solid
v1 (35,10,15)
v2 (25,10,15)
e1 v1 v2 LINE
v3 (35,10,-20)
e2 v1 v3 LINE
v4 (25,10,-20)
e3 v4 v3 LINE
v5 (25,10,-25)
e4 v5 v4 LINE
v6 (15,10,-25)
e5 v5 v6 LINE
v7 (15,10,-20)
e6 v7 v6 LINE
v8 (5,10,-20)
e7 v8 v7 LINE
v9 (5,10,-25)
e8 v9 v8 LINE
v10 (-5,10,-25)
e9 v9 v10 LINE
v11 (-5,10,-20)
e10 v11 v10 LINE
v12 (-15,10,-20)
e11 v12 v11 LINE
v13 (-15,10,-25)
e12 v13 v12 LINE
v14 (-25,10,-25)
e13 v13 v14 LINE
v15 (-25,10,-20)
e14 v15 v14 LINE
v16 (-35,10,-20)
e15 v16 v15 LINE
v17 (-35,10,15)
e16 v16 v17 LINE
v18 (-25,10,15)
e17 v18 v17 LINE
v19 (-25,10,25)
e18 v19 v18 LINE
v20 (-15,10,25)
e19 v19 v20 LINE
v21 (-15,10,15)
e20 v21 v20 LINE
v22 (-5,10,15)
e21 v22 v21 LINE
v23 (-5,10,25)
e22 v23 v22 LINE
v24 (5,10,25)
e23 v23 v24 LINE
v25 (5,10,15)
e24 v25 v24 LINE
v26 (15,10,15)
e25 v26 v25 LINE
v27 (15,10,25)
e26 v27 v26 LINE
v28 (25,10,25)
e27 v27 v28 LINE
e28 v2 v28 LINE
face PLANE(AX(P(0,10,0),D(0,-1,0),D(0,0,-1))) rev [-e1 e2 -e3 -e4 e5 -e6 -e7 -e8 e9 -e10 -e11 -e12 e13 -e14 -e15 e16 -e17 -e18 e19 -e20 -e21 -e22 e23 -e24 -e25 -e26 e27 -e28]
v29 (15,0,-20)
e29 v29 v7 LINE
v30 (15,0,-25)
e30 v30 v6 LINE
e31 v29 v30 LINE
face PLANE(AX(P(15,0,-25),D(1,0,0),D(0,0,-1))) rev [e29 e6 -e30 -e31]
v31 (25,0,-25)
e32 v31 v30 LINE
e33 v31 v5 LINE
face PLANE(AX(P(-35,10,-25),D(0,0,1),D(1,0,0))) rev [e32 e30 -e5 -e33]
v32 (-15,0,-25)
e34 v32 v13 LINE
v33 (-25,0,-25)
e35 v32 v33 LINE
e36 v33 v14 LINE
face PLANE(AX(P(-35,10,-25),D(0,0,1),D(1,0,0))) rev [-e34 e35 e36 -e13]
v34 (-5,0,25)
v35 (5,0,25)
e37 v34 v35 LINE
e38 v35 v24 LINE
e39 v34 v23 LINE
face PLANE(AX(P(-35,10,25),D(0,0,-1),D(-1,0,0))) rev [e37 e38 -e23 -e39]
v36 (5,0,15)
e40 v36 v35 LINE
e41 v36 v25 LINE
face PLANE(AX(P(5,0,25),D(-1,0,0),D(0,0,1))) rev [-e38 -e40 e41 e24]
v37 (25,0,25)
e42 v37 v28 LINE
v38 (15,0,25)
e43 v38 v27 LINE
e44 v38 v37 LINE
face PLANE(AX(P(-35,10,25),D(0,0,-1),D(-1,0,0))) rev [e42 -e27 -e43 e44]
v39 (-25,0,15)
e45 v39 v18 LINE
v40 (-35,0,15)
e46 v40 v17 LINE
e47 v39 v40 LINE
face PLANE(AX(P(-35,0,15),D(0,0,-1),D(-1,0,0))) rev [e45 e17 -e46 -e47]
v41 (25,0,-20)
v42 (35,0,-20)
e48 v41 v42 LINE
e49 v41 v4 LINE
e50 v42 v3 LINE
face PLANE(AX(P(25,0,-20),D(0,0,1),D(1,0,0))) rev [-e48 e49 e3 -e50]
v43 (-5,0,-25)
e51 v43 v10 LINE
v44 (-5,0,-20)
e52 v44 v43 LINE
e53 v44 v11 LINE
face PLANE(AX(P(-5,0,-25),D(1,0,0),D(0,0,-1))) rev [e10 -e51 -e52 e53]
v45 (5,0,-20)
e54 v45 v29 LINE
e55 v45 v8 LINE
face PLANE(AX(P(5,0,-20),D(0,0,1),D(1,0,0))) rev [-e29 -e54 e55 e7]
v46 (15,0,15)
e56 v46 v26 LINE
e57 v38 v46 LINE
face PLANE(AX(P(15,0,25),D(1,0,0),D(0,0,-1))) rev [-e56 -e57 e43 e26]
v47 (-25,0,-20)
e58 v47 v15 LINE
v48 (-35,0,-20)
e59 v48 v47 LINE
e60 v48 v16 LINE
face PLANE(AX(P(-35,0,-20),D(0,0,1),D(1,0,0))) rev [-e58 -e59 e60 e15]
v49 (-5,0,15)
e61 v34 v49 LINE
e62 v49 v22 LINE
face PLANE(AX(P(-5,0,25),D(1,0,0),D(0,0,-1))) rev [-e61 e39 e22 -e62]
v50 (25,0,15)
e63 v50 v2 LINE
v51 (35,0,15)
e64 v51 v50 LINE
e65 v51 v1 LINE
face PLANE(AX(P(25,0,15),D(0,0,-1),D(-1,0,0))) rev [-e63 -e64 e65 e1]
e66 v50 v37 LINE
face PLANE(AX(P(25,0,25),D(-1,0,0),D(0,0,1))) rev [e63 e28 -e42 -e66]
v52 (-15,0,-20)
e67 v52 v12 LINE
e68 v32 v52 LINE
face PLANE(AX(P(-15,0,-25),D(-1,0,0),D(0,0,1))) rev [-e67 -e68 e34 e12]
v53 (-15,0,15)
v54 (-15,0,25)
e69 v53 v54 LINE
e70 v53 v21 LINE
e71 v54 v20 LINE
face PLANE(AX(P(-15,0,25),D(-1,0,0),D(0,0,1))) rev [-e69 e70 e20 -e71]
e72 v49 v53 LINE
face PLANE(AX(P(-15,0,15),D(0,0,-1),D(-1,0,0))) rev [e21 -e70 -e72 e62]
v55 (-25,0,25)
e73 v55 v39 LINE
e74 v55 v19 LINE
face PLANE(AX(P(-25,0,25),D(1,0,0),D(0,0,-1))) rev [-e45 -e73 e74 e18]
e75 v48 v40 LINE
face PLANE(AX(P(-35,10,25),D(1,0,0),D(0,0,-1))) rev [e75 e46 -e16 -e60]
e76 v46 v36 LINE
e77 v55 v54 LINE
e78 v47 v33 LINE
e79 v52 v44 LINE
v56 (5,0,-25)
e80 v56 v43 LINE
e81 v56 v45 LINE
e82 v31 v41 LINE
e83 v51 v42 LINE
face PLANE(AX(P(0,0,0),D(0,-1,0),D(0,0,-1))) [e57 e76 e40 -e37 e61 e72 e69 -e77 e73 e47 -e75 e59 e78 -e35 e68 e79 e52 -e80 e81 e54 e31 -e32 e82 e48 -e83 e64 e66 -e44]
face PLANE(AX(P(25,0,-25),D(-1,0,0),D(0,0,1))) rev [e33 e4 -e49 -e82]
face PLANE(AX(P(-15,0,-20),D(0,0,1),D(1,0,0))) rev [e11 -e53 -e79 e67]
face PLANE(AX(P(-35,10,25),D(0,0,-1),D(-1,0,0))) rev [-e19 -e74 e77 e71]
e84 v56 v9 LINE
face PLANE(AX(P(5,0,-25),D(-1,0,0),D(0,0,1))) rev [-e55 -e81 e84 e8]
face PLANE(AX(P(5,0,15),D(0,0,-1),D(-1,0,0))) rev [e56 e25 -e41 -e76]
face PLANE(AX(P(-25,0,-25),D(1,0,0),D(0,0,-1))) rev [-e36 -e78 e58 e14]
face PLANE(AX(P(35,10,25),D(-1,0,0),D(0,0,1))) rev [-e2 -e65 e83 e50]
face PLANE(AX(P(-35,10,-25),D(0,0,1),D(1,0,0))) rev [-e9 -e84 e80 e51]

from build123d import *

# Parameters (mm, degrees)
SKETCH1_W           = 70
SKETCH1_H           = 50
BOSS_EXTRUDE1_DEPTH = 10
SKETCH2_W           = 10
SKETCH2_H           = 5
SKETCH2_H_2         = 10
CUT_EXTRUDE1_DEPTH  = 45.158804332
LPATTERN1_COUNT     = 4
LPATTERN1_PITCH     = 20


with BuildPart() as part:
    # Sketch1 → Boss-Extrude1 (new body)
    with BuildSketch(Plane(origin=(0, 0, 0), x_dir=(1, 0, 0), z_dir=(0, 1, 0))):
        Rectangle(SKETCH1_W, SKETCH1_H)
    extrude(amount=BOSS_EXTRUDE1_DEPTH)

    # Sketch2 → Cut-Extrude1 (cut, through all)
    with BuildSketch(Plane(origin=(0, 10, 0), x_dir=(1, 0, 0), z_dir=(0, 1, 0))):
        with Locations((-30, 22.5)):
            Rectangle(SKETCH2_W, SKETCH2_H)
        with Locations((-30, -20)):
            Rectangle(SKETCH2_W, SKETCH2_H_2)
    cut_extrude1 = extrude(amount=-CUT_EXTRUDE1_DEPTH, mode=Mode.SUBTRACT)

    # LPattern1: Cut-Extrude1 ×4
    with Locations(*[(i * LPATTERN1_PITCH, 0, 0) for i in range(1, LPATTERN1_COUNT)]):
        add(cut_extrude1, mode=Mode.SUBTRACT)


solid = part.part
